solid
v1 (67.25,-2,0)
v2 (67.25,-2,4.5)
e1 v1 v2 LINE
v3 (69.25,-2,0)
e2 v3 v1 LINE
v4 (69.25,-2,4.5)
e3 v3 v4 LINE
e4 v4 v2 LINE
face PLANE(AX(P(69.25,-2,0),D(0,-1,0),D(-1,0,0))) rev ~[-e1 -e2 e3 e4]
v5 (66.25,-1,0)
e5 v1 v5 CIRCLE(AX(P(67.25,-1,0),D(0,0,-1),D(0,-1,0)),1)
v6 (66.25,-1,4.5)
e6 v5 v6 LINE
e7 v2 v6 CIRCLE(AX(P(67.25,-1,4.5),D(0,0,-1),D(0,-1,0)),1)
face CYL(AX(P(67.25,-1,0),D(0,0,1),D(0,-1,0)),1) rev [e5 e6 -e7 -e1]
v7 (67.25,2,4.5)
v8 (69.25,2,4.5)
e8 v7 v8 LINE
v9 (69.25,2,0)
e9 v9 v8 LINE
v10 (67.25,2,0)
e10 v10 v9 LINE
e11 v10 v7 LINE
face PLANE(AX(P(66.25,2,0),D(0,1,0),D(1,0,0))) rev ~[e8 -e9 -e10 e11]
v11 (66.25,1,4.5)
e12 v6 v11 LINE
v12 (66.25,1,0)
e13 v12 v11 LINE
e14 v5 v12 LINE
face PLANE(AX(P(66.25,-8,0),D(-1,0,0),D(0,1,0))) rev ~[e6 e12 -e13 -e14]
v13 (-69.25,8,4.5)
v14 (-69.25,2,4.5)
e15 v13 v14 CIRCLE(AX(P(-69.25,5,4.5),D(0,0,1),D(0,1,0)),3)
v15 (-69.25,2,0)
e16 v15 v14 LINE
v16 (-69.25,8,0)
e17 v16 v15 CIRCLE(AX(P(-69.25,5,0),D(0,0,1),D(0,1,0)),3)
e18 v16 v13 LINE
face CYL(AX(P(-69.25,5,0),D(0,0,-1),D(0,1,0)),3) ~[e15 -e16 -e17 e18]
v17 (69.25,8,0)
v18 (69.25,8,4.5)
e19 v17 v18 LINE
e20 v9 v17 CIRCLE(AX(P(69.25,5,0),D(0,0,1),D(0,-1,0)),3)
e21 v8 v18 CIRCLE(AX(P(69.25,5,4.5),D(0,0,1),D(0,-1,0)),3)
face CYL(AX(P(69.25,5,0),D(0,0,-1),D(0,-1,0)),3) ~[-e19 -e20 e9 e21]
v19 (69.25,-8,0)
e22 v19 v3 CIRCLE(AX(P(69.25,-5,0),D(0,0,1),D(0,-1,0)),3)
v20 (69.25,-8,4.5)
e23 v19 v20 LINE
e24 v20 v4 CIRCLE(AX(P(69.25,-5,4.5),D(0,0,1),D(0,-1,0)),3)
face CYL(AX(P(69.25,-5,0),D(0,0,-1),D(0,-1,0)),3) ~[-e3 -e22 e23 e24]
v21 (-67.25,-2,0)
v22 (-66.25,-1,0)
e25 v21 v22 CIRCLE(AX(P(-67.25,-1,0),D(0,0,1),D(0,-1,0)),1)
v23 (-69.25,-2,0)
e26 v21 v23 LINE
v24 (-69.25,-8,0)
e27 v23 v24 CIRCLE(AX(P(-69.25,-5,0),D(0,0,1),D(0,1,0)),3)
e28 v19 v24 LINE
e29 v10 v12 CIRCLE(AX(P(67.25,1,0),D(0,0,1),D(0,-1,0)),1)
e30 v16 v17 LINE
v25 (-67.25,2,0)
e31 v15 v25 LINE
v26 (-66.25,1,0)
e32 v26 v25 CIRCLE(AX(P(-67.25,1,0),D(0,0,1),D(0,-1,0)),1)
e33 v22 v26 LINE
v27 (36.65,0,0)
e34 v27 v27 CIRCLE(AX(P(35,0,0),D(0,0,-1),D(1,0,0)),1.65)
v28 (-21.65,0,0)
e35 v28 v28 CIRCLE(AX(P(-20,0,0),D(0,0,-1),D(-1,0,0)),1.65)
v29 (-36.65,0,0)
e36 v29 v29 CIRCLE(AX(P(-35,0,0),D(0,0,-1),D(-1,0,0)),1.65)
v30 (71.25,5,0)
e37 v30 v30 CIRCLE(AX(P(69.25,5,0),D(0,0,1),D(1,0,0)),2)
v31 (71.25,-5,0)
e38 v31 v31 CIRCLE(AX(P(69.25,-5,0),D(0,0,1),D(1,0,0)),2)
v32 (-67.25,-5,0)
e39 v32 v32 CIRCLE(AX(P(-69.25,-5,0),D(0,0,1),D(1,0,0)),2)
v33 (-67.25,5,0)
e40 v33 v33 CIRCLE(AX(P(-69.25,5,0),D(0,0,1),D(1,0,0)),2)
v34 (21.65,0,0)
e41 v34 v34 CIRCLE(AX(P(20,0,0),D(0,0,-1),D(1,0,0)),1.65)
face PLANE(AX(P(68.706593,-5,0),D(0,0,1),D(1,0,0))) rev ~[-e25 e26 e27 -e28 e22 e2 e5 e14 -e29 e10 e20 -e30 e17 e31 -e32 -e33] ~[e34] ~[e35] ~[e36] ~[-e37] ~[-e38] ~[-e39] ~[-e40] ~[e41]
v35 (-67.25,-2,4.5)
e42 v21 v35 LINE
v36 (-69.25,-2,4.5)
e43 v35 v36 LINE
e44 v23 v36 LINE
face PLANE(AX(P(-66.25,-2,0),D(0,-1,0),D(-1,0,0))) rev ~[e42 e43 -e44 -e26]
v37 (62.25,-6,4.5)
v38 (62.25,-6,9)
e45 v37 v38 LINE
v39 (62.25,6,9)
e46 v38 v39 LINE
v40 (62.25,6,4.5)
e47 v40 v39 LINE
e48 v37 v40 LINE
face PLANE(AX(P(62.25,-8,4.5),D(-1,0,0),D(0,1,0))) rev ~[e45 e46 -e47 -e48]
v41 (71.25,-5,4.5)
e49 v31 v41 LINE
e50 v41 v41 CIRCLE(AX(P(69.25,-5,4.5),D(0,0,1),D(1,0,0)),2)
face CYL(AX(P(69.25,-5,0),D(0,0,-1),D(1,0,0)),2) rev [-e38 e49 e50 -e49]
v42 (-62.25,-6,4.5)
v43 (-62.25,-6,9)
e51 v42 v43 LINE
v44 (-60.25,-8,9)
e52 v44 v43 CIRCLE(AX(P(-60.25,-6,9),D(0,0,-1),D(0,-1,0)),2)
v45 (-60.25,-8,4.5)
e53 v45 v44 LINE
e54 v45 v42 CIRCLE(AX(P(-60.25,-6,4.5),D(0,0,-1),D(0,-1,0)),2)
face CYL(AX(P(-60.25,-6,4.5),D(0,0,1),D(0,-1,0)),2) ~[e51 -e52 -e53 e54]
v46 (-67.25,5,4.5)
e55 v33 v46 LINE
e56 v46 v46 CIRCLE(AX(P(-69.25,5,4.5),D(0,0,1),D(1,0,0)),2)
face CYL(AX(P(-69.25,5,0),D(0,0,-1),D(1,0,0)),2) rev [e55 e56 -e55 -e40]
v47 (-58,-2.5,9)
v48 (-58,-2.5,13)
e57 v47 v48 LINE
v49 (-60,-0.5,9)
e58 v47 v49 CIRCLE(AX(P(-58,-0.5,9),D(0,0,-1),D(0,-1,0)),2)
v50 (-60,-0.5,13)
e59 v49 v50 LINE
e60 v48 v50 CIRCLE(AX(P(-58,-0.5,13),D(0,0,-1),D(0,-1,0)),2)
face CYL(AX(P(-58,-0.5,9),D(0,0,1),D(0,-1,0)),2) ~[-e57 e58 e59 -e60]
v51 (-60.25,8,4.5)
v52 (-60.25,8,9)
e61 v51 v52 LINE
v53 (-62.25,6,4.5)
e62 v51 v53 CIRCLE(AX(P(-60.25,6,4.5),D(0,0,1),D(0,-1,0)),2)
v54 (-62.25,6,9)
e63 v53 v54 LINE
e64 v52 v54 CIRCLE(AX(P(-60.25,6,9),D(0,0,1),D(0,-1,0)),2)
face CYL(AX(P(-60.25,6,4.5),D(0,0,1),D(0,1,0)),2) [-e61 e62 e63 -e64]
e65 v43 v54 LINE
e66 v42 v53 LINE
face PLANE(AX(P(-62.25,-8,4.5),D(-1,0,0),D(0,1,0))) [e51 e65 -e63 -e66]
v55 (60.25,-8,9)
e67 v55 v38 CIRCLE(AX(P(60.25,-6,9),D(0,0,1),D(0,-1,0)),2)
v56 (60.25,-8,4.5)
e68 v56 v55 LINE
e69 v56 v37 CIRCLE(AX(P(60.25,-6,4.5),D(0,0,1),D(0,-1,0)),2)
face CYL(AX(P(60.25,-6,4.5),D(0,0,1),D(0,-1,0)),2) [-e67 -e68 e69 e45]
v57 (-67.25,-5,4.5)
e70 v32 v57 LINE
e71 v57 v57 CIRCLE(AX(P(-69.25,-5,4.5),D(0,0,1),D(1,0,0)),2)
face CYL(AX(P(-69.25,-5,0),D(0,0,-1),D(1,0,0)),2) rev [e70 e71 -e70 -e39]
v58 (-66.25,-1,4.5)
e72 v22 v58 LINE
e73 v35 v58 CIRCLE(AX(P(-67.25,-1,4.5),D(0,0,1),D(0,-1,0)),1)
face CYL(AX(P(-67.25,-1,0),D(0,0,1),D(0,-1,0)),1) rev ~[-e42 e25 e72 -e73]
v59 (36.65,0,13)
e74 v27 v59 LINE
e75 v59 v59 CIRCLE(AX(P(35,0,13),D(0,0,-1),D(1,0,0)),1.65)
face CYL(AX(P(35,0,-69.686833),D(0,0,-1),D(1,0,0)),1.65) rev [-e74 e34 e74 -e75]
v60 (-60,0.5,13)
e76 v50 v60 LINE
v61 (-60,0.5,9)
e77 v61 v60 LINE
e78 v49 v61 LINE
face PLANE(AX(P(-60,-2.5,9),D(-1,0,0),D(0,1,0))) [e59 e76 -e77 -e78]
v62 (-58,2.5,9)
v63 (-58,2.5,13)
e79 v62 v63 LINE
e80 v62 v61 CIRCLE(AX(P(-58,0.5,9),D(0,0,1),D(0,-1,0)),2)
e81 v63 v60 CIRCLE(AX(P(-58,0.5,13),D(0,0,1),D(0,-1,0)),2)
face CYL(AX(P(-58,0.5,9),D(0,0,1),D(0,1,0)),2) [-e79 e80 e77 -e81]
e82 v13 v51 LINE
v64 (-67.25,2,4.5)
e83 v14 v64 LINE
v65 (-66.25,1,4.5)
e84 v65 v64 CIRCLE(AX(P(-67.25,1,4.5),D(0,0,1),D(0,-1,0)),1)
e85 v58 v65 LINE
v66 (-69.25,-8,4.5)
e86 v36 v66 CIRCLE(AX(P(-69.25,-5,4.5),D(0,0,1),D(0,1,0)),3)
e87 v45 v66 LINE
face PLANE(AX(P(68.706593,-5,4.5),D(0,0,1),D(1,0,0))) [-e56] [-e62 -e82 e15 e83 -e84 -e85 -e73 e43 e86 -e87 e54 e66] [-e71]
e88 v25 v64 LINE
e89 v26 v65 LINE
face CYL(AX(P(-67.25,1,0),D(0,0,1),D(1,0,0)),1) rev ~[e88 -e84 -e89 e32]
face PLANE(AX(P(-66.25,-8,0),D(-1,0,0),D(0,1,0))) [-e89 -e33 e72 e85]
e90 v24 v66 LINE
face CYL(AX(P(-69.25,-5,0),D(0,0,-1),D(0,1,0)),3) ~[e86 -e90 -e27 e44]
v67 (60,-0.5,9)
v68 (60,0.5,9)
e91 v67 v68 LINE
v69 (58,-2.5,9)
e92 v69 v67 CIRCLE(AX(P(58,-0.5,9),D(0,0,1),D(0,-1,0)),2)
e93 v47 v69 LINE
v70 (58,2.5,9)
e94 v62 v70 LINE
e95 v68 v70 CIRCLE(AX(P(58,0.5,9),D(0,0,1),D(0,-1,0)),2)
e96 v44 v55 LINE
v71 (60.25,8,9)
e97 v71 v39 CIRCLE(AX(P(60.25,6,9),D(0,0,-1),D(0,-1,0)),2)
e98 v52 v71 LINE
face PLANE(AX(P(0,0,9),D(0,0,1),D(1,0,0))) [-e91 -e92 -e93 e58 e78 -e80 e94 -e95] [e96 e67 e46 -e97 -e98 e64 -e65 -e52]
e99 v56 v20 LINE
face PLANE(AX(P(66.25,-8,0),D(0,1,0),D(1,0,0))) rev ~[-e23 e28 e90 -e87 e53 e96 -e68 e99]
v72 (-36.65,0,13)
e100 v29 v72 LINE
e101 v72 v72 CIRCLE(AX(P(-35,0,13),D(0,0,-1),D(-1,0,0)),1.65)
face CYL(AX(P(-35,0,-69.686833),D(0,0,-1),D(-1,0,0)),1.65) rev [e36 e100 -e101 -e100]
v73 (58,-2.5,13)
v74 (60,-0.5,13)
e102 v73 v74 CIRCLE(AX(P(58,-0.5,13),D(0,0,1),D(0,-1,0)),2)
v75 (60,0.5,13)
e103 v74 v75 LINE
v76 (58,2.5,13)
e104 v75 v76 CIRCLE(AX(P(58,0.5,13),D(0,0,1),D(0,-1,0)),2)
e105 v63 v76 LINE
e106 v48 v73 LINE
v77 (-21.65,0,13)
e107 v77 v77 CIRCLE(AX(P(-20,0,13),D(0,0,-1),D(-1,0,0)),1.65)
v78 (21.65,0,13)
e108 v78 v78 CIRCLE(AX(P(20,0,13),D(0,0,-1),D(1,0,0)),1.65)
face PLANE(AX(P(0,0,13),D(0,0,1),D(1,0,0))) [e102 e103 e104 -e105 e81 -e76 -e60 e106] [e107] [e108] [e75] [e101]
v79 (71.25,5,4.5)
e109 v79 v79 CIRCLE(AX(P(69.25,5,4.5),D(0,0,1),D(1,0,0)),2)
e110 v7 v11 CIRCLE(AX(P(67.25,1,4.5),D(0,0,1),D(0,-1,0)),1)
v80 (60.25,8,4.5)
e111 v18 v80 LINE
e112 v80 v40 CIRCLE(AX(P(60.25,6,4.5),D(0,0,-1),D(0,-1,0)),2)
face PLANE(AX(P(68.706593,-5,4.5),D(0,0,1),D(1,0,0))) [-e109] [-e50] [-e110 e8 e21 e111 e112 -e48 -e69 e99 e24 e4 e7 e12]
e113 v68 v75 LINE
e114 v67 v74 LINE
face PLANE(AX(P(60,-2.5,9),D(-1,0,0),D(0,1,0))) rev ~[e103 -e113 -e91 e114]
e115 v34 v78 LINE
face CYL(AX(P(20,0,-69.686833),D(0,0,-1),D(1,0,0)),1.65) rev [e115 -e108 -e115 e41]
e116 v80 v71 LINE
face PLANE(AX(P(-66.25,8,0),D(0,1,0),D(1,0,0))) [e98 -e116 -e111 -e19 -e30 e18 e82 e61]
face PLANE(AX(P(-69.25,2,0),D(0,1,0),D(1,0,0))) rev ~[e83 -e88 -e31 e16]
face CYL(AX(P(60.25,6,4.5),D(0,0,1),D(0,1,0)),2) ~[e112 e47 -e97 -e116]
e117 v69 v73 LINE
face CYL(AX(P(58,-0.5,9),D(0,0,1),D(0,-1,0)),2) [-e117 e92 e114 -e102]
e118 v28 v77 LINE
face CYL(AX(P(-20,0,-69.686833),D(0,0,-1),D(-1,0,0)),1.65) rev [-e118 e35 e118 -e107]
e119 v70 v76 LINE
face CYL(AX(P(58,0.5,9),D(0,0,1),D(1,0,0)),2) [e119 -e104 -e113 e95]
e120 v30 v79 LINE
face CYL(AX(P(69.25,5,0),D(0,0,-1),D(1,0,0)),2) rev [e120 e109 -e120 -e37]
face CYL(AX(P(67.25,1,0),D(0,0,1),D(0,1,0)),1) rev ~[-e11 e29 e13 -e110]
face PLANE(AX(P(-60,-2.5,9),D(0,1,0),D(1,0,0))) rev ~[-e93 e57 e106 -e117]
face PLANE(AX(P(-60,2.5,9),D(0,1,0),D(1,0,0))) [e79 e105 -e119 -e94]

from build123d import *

# Parameters (mm, degrees)
SKETCH_1_R               = 2
EXTRUDE_1_DEPTH          = 4.5
FILLET_1_R               = 1
SKETCH_5_W               = 124.5
SKETCH_5_H               = 16
EXTRUDE_2_DEPTH          = 4.5
SKETCH_6_W               = 120
SKETCH_6_H               = 5
EXTRUDE_3_DEPTH          = 4
CUT_EXTRUDE_1_DEPTH      = 74.186832832
CUT_EXTRUDE_1_DEPTH_BACK = 74.186832832
SKETCH_2_R               = 1.65
FILLET_3_R               = 2


with BuildPart() as part:
    # 草图1 → 凸台-拉伸1 (new body)
    with BuildSketch(Plane.XY):
        with BuildLine():
            ThreePointArc((-69.25, 8), (-72.25, 5), (-69.25, 2))
            Line((-69.25, 2), (-66.25, 2))
            Line((-66.25, 2), (-66.25, -2))
            Line((-66.25, -2), (-69.25, -2))
            ThreePointArc((-69.25, -2), (-72.25, -5), (-69.25, -8))
            Line((-69.25, -8), (69.25, -8))
            ThreePointArc((69.25, -8), (72.25, -5), (69.25, -2))
            Line((69.25, -2), (66.25, -2))
            Line((66.25, -2), (66.25, 2))
            Line((66.25, 2), (69.25, 2))
            ThreePointArc((69.25, 2), (72.25, 5), (69.25, 8))
            Line((69.25, 8), (-69.25, 8))
        make_face()
        with Locations((-69.25, 5)):
            Circle(SKETCH_1_R, mode=Mode.SUBTRACT)
        with Locations((69.25, 5)):
            Circle(SKETCH_1_R, mode=Mode.SUBTRACT)
        with Locations((69.25, -5)):
            Circle(SKETCH_1_R, mode=Mode.SUBTRACT)
        with Locations((-69.25, -5)):
            Circle(SKETCH_1_R, mode=Mode.SUBTRACT)
    extrude(amount=EXTRUDE_1_DEPTH)

    # 圆角1
    fillet_1_edges = [part.edges().sort_by_distance(p)[0] for p in [
        (-66.25, -2, 2.25),
        (-66.25, 2, 2.25),
        (66.25, 2, 2.25),
        (66.25, -2, 2.25),
    ]]
    fillet(fillet_1_edges, radius=FILLET_1_R)

    # 草图5 → 凸台-拉伸2 (add)
    with BuildSketch(Plane.XY.offset(4.5)):
        Rectangle(SKETCH_5_W, SKETCH_5_H)
    extrude(amount=EXTRUDE_2_DEPTH)

    # 草图6 → 凸台-拉伸3 (add)
    with BuildSketch(Plane.XY.offset(9)):
        Rectangle(SKETCH_6_W, SKETCH_6_H)
    extrude(amount=EXTRUDE_3_DEPTH)

    # 草图2 → 切除-拉伸1 (cut, two sides: drawn at the far end of the back side and taken through both)
    with BuildSketch(Plane.XY.offset(4.5).offset(-CUT_EXTRUDE_1_DEPTH_BACK)):
        with Locations((35, 0)):
            Circle(SKETCH_2_R)
        with Locations((20, 0)):
            Circle(SKETCH_2_R)
        with Locations((-20, 0)):
            Circle(SKETCH_2_R)
        with Locations((-35, 0)):
            Circle(SKETCH_2_R)
    extrude(amount=CUT_EXTRUDE_1_DEPTH + CUT_EXTRUDE_1_DEPTH_BACK, mode=Mode.SUBTRACT)

    # 圆角3
    fillet_3_edges = [part.edges().sort_by_distance(p)[0] for p in [
        (-62.25, 8, 6.75),
        (62.25, 8, 6.75),
        (62.25, -8, 6.75),
        (-62.25, -8, 6.75),
        (-60, -2.5, 11),
        (60, -2.5, 11),
        (60, 2.5, 11),
        (-60, 2.5, 11),
    ]]
    fillet(fillet_3_edges, radius=FILLET_3_R)


solid = part.part
